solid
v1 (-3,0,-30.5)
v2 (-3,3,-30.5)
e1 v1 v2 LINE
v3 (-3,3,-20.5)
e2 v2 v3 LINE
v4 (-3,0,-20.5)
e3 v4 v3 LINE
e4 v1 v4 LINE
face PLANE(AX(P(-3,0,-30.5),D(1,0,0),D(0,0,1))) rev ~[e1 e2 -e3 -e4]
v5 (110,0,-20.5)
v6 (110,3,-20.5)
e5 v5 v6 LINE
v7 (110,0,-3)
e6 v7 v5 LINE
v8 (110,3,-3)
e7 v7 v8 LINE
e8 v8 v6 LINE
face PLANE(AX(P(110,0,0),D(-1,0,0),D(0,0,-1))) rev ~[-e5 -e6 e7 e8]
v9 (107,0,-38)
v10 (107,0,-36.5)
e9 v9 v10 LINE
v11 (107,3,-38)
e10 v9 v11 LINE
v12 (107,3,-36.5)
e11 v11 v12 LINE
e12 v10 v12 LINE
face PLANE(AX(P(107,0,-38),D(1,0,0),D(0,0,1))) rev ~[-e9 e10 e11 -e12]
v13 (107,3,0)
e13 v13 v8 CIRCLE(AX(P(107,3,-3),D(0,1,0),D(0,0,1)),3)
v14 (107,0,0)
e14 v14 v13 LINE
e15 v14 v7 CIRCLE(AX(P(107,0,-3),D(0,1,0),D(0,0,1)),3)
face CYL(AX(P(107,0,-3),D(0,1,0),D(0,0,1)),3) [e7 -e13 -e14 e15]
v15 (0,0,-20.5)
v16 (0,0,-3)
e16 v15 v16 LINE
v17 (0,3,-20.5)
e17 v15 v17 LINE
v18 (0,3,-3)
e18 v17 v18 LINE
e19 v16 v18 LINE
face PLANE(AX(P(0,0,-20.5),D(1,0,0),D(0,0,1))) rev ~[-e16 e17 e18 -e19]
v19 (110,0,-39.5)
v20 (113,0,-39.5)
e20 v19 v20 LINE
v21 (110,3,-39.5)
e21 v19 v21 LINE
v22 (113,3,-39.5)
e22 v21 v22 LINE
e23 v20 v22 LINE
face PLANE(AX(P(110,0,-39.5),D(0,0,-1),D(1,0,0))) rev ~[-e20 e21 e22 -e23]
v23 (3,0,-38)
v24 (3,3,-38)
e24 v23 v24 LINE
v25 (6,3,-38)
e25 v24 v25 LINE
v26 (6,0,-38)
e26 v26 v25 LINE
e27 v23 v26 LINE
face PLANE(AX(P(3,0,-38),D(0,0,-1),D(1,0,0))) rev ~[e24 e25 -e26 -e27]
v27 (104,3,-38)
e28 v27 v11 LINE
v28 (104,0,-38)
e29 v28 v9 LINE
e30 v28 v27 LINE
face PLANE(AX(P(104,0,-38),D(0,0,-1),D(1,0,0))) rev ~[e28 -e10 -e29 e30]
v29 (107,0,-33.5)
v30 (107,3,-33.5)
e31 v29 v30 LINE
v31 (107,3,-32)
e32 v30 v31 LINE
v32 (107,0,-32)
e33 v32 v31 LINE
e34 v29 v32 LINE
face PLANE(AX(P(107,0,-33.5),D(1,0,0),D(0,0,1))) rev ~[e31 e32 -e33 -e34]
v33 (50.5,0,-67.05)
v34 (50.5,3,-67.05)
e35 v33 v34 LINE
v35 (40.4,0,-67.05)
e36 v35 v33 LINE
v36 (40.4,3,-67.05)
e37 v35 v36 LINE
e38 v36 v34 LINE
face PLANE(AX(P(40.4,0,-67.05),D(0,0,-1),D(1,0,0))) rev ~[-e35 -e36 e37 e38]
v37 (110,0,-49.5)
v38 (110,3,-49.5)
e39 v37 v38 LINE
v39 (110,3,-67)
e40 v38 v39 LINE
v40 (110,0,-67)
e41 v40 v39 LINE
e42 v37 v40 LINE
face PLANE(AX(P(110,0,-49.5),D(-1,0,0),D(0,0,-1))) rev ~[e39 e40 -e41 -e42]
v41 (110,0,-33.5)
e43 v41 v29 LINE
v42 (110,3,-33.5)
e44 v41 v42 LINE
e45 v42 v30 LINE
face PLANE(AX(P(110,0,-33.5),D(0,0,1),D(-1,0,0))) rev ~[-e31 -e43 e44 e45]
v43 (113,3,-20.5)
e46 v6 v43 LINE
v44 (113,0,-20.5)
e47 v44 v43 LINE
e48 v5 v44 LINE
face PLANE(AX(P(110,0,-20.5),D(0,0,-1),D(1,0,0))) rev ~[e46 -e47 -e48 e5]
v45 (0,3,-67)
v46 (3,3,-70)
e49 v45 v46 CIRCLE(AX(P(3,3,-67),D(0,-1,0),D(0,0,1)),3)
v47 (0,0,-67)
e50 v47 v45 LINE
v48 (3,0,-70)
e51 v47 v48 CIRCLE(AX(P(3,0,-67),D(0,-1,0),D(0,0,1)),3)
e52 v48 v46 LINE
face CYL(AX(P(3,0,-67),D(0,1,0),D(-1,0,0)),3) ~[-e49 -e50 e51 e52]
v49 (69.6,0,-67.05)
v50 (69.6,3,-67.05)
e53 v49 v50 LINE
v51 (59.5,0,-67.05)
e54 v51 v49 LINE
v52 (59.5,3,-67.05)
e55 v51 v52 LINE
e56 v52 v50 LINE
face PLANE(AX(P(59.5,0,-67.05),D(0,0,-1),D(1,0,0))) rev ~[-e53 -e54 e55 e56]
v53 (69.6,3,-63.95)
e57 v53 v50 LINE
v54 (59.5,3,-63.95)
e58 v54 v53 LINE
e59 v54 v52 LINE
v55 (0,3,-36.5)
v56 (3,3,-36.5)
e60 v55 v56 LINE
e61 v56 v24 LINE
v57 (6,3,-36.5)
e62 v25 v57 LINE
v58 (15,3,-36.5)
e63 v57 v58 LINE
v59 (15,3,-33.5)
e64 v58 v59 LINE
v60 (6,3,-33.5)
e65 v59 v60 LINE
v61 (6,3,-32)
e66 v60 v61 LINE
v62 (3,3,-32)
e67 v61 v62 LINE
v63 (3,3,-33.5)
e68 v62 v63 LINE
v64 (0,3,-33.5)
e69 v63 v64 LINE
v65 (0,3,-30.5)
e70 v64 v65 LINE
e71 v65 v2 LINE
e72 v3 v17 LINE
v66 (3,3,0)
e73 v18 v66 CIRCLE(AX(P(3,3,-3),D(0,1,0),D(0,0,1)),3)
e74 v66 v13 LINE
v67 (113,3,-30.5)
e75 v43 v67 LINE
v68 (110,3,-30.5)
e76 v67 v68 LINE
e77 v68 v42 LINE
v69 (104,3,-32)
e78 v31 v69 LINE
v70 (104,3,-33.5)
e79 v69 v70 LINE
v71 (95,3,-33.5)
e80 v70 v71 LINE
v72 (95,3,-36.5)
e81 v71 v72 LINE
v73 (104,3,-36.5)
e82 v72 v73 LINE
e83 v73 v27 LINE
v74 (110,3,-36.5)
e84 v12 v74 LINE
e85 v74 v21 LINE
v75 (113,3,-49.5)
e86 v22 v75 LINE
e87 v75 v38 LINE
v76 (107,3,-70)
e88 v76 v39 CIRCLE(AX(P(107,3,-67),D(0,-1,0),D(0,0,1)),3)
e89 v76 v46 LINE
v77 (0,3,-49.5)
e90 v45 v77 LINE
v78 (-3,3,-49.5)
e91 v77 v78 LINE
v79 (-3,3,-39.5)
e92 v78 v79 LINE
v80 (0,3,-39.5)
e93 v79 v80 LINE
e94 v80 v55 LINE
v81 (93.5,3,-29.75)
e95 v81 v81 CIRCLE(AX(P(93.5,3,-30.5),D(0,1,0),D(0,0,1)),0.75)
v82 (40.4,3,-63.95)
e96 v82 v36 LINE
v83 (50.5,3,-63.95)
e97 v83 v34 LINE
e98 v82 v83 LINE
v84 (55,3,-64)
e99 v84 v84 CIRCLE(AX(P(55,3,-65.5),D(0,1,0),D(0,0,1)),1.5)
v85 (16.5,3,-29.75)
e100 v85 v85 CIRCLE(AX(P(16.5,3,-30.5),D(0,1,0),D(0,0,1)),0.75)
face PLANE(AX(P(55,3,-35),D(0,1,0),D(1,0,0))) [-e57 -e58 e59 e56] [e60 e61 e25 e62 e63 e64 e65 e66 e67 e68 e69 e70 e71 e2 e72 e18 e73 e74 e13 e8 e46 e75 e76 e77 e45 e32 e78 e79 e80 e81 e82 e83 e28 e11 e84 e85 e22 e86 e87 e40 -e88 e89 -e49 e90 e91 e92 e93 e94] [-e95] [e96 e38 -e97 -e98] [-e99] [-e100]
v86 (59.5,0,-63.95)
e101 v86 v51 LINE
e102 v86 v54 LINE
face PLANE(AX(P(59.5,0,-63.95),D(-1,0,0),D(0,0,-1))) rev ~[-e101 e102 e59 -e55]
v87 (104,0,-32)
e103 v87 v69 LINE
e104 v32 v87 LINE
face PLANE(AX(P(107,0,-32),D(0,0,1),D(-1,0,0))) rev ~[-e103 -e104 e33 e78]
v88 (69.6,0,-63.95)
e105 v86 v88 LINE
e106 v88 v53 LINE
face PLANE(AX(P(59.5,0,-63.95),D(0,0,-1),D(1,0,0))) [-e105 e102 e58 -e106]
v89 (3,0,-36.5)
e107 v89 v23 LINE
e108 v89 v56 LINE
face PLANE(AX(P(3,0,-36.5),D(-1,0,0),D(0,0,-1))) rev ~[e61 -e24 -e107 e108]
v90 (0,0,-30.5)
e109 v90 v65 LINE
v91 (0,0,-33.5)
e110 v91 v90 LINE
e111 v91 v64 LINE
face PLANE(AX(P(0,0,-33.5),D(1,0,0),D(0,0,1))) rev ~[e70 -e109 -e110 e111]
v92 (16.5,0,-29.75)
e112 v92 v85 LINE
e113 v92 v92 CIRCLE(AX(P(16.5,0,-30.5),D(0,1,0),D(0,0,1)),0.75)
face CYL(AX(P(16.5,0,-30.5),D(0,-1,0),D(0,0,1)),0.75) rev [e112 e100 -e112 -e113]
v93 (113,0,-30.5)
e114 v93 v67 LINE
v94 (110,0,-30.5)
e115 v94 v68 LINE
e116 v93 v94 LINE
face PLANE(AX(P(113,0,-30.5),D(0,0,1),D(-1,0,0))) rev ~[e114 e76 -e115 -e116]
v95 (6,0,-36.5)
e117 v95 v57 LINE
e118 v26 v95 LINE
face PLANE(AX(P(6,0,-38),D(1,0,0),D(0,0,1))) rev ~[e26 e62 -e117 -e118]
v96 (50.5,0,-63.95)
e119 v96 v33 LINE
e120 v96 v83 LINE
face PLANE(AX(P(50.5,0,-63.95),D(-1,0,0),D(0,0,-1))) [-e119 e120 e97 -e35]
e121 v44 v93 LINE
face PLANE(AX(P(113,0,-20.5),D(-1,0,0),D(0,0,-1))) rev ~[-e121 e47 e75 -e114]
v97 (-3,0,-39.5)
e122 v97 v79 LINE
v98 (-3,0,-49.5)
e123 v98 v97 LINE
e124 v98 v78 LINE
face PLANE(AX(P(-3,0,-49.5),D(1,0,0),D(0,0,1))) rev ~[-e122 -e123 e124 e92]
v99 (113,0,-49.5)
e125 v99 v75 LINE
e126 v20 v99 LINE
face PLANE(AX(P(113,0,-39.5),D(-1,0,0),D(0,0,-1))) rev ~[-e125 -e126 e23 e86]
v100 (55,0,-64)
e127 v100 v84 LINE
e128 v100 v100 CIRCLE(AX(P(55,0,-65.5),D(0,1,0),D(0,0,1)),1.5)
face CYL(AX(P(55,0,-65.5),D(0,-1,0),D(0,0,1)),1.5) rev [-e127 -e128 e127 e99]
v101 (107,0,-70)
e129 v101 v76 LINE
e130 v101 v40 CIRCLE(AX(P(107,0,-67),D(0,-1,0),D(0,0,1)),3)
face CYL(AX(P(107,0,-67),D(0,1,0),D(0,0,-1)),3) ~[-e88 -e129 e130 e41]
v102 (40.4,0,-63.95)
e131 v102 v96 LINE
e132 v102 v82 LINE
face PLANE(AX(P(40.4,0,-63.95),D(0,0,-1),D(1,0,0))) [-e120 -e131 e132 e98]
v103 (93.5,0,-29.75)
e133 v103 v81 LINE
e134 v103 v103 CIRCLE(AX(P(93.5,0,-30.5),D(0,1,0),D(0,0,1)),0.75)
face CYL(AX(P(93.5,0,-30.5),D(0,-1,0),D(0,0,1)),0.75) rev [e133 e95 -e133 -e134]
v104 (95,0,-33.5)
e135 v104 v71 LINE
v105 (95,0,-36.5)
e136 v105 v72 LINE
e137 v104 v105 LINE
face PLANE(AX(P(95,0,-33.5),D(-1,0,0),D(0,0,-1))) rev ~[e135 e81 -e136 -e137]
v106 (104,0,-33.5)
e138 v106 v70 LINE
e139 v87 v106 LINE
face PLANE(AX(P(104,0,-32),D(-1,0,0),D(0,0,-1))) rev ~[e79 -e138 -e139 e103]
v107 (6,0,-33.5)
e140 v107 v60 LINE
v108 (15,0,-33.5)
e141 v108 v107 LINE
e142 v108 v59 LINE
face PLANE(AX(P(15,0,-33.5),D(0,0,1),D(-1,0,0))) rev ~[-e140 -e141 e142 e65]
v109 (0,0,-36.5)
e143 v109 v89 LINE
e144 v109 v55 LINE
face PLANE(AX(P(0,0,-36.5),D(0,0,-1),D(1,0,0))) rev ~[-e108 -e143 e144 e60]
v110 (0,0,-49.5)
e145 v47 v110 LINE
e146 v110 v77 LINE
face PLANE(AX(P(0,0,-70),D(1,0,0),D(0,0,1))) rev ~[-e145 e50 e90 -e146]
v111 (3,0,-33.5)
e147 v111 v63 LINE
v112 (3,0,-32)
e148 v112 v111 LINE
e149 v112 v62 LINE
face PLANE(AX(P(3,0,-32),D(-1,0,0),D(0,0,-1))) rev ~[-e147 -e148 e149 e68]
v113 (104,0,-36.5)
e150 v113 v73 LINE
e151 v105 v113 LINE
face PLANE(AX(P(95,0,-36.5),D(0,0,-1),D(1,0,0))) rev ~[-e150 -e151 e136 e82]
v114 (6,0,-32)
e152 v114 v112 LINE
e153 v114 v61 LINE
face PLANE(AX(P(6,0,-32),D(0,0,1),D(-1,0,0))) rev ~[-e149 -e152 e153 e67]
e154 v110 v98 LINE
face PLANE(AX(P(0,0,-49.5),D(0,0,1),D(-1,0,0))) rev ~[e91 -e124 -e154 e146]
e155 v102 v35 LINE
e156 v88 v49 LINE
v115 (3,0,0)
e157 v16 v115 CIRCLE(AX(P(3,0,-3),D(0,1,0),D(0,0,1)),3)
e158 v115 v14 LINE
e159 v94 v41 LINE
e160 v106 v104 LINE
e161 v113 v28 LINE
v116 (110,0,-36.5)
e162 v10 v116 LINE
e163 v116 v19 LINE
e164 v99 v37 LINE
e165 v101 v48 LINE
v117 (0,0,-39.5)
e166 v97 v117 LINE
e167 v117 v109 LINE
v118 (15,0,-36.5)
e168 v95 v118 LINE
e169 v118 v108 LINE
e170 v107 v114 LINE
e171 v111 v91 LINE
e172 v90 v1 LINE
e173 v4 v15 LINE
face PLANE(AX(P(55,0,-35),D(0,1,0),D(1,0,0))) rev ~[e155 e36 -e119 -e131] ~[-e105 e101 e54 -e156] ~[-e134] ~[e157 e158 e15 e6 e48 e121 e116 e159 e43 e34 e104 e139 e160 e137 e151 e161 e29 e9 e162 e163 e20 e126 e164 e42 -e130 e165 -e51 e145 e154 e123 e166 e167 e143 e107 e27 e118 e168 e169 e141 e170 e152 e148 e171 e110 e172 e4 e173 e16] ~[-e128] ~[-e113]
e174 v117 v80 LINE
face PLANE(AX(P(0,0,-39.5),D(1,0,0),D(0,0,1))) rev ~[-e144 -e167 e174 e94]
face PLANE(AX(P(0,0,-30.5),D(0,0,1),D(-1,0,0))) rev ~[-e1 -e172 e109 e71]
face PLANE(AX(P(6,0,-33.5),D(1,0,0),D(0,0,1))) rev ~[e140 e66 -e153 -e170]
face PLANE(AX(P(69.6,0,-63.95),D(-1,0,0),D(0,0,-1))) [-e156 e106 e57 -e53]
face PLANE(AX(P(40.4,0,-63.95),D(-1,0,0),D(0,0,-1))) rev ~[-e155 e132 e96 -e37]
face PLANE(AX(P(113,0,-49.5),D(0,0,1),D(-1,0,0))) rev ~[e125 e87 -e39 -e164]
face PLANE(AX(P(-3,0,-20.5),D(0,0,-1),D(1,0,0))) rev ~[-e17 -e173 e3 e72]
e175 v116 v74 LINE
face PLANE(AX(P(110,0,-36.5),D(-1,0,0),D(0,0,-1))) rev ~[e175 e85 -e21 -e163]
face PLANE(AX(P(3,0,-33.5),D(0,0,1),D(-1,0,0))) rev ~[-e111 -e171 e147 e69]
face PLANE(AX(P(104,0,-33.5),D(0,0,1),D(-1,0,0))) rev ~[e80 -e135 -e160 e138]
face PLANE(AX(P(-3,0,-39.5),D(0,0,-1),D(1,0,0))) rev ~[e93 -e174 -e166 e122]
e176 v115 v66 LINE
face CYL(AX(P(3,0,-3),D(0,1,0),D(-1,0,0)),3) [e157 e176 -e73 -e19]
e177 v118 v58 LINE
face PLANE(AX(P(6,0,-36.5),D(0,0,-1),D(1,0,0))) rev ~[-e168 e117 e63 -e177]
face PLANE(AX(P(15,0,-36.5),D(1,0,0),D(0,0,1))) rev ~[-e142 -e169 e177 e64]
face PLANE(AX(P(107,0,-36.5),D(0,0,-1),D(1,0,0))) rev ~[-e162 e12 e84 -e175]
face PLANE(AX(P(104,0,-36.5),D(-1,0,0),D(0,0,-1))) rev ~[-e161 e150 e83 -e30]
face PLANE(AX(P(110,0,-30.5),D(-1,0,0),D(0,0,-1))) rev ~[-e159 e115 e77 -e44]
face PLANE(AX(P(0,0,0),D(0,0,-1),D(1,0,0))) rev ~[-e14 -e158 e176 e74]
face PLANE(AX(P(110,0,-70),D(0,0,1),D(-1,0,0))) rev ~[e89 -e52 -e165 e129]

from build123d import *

# Parameters (mm, degrees)
SKETCH1_R           = 0.75
SKETCH1_W           = 10.1
SKETCH1_H           = 3.1
SKETCH1_R_2         = 1.5
BOSS_EXTRUDE1_DEPTH = 3
FILLET1_R           = 3


with BuildPart() as part:
    # Sketch1 → Boss-Extrude1 (new body)
    with BuildSketch(Plane(origin=(0, 0, 0), x_dir=(1, 0, 0), z_dir=(0, 1, 0))):
        Polygon((0, 20.5), (0, 0), (110, 0), (110, 20.5), (113, 20.5), (113, 30.5), (110, 30.5), (110, 33.5), (107, 33.5), (107, 32), (104, 32), (104, 33.5), (95, 33.5), (95, 36.5), (104, 36.5), (104, 38), (107, 38), (107, 36.5), (110, 36.5), (110, 39.5), (113, 39.5), (113, 49.5), (110, 49.5), (110, 70), (0, 70), (0, 49.5), (-3, 49.5), (-3, 39.5), (0, 39.5), (0, 36.5), (3, 36.5), (3, 38), (6, 38), (6, 36.5), (15, 36.5), (15, 33.5), (6, 33.5), (6, 32), (3, 32), (3, 33.5), (0, 33.5), (0, 30.5), (-3, 30.5), (-3, 20.5), align=None)
        with Locations(Location((16.5, 30.5, 0), (0, 0, 270))):
            Circle(SKETCH1_R, mode=Mode.SUBTRACT)
        with Locations(Location((93.5, 30.5, 0), (0, 0, 270))):
            Circle(SKETCH1_R, mode=Mode.SUBTRACT)
        with Locations((45.45, 65.5)):
            Rectangle(SKETCH1_W, SKETCH1_H, mode=Mode.SUBTRACT)
        with Locations(Location((55, 65.5, 0), (0, 0, 270))):
            Circle(SKETCH1_R_2, mode=Mode.SUBTRACT)
        with Locations((64.55, 65.5)):
            Rectangle(SKETCH1_W, SKETCH1_H, mode=Mode.SUBTRACT)
    extrude(amount=BOSS_EXTRUDE1_DEPTH)

    # Fillet1
    fillet1_edges = [part.edges().sort_by_distance(p)[0] for p in [
        (110, 1.5, 0),
        (0, 1.5, 0),
        (0, 1.5, -70),
        (110, 1.5, -70),
    ]]
    fillet(fillet1_edges, radius=FILLET1_R)


solid = part.part
